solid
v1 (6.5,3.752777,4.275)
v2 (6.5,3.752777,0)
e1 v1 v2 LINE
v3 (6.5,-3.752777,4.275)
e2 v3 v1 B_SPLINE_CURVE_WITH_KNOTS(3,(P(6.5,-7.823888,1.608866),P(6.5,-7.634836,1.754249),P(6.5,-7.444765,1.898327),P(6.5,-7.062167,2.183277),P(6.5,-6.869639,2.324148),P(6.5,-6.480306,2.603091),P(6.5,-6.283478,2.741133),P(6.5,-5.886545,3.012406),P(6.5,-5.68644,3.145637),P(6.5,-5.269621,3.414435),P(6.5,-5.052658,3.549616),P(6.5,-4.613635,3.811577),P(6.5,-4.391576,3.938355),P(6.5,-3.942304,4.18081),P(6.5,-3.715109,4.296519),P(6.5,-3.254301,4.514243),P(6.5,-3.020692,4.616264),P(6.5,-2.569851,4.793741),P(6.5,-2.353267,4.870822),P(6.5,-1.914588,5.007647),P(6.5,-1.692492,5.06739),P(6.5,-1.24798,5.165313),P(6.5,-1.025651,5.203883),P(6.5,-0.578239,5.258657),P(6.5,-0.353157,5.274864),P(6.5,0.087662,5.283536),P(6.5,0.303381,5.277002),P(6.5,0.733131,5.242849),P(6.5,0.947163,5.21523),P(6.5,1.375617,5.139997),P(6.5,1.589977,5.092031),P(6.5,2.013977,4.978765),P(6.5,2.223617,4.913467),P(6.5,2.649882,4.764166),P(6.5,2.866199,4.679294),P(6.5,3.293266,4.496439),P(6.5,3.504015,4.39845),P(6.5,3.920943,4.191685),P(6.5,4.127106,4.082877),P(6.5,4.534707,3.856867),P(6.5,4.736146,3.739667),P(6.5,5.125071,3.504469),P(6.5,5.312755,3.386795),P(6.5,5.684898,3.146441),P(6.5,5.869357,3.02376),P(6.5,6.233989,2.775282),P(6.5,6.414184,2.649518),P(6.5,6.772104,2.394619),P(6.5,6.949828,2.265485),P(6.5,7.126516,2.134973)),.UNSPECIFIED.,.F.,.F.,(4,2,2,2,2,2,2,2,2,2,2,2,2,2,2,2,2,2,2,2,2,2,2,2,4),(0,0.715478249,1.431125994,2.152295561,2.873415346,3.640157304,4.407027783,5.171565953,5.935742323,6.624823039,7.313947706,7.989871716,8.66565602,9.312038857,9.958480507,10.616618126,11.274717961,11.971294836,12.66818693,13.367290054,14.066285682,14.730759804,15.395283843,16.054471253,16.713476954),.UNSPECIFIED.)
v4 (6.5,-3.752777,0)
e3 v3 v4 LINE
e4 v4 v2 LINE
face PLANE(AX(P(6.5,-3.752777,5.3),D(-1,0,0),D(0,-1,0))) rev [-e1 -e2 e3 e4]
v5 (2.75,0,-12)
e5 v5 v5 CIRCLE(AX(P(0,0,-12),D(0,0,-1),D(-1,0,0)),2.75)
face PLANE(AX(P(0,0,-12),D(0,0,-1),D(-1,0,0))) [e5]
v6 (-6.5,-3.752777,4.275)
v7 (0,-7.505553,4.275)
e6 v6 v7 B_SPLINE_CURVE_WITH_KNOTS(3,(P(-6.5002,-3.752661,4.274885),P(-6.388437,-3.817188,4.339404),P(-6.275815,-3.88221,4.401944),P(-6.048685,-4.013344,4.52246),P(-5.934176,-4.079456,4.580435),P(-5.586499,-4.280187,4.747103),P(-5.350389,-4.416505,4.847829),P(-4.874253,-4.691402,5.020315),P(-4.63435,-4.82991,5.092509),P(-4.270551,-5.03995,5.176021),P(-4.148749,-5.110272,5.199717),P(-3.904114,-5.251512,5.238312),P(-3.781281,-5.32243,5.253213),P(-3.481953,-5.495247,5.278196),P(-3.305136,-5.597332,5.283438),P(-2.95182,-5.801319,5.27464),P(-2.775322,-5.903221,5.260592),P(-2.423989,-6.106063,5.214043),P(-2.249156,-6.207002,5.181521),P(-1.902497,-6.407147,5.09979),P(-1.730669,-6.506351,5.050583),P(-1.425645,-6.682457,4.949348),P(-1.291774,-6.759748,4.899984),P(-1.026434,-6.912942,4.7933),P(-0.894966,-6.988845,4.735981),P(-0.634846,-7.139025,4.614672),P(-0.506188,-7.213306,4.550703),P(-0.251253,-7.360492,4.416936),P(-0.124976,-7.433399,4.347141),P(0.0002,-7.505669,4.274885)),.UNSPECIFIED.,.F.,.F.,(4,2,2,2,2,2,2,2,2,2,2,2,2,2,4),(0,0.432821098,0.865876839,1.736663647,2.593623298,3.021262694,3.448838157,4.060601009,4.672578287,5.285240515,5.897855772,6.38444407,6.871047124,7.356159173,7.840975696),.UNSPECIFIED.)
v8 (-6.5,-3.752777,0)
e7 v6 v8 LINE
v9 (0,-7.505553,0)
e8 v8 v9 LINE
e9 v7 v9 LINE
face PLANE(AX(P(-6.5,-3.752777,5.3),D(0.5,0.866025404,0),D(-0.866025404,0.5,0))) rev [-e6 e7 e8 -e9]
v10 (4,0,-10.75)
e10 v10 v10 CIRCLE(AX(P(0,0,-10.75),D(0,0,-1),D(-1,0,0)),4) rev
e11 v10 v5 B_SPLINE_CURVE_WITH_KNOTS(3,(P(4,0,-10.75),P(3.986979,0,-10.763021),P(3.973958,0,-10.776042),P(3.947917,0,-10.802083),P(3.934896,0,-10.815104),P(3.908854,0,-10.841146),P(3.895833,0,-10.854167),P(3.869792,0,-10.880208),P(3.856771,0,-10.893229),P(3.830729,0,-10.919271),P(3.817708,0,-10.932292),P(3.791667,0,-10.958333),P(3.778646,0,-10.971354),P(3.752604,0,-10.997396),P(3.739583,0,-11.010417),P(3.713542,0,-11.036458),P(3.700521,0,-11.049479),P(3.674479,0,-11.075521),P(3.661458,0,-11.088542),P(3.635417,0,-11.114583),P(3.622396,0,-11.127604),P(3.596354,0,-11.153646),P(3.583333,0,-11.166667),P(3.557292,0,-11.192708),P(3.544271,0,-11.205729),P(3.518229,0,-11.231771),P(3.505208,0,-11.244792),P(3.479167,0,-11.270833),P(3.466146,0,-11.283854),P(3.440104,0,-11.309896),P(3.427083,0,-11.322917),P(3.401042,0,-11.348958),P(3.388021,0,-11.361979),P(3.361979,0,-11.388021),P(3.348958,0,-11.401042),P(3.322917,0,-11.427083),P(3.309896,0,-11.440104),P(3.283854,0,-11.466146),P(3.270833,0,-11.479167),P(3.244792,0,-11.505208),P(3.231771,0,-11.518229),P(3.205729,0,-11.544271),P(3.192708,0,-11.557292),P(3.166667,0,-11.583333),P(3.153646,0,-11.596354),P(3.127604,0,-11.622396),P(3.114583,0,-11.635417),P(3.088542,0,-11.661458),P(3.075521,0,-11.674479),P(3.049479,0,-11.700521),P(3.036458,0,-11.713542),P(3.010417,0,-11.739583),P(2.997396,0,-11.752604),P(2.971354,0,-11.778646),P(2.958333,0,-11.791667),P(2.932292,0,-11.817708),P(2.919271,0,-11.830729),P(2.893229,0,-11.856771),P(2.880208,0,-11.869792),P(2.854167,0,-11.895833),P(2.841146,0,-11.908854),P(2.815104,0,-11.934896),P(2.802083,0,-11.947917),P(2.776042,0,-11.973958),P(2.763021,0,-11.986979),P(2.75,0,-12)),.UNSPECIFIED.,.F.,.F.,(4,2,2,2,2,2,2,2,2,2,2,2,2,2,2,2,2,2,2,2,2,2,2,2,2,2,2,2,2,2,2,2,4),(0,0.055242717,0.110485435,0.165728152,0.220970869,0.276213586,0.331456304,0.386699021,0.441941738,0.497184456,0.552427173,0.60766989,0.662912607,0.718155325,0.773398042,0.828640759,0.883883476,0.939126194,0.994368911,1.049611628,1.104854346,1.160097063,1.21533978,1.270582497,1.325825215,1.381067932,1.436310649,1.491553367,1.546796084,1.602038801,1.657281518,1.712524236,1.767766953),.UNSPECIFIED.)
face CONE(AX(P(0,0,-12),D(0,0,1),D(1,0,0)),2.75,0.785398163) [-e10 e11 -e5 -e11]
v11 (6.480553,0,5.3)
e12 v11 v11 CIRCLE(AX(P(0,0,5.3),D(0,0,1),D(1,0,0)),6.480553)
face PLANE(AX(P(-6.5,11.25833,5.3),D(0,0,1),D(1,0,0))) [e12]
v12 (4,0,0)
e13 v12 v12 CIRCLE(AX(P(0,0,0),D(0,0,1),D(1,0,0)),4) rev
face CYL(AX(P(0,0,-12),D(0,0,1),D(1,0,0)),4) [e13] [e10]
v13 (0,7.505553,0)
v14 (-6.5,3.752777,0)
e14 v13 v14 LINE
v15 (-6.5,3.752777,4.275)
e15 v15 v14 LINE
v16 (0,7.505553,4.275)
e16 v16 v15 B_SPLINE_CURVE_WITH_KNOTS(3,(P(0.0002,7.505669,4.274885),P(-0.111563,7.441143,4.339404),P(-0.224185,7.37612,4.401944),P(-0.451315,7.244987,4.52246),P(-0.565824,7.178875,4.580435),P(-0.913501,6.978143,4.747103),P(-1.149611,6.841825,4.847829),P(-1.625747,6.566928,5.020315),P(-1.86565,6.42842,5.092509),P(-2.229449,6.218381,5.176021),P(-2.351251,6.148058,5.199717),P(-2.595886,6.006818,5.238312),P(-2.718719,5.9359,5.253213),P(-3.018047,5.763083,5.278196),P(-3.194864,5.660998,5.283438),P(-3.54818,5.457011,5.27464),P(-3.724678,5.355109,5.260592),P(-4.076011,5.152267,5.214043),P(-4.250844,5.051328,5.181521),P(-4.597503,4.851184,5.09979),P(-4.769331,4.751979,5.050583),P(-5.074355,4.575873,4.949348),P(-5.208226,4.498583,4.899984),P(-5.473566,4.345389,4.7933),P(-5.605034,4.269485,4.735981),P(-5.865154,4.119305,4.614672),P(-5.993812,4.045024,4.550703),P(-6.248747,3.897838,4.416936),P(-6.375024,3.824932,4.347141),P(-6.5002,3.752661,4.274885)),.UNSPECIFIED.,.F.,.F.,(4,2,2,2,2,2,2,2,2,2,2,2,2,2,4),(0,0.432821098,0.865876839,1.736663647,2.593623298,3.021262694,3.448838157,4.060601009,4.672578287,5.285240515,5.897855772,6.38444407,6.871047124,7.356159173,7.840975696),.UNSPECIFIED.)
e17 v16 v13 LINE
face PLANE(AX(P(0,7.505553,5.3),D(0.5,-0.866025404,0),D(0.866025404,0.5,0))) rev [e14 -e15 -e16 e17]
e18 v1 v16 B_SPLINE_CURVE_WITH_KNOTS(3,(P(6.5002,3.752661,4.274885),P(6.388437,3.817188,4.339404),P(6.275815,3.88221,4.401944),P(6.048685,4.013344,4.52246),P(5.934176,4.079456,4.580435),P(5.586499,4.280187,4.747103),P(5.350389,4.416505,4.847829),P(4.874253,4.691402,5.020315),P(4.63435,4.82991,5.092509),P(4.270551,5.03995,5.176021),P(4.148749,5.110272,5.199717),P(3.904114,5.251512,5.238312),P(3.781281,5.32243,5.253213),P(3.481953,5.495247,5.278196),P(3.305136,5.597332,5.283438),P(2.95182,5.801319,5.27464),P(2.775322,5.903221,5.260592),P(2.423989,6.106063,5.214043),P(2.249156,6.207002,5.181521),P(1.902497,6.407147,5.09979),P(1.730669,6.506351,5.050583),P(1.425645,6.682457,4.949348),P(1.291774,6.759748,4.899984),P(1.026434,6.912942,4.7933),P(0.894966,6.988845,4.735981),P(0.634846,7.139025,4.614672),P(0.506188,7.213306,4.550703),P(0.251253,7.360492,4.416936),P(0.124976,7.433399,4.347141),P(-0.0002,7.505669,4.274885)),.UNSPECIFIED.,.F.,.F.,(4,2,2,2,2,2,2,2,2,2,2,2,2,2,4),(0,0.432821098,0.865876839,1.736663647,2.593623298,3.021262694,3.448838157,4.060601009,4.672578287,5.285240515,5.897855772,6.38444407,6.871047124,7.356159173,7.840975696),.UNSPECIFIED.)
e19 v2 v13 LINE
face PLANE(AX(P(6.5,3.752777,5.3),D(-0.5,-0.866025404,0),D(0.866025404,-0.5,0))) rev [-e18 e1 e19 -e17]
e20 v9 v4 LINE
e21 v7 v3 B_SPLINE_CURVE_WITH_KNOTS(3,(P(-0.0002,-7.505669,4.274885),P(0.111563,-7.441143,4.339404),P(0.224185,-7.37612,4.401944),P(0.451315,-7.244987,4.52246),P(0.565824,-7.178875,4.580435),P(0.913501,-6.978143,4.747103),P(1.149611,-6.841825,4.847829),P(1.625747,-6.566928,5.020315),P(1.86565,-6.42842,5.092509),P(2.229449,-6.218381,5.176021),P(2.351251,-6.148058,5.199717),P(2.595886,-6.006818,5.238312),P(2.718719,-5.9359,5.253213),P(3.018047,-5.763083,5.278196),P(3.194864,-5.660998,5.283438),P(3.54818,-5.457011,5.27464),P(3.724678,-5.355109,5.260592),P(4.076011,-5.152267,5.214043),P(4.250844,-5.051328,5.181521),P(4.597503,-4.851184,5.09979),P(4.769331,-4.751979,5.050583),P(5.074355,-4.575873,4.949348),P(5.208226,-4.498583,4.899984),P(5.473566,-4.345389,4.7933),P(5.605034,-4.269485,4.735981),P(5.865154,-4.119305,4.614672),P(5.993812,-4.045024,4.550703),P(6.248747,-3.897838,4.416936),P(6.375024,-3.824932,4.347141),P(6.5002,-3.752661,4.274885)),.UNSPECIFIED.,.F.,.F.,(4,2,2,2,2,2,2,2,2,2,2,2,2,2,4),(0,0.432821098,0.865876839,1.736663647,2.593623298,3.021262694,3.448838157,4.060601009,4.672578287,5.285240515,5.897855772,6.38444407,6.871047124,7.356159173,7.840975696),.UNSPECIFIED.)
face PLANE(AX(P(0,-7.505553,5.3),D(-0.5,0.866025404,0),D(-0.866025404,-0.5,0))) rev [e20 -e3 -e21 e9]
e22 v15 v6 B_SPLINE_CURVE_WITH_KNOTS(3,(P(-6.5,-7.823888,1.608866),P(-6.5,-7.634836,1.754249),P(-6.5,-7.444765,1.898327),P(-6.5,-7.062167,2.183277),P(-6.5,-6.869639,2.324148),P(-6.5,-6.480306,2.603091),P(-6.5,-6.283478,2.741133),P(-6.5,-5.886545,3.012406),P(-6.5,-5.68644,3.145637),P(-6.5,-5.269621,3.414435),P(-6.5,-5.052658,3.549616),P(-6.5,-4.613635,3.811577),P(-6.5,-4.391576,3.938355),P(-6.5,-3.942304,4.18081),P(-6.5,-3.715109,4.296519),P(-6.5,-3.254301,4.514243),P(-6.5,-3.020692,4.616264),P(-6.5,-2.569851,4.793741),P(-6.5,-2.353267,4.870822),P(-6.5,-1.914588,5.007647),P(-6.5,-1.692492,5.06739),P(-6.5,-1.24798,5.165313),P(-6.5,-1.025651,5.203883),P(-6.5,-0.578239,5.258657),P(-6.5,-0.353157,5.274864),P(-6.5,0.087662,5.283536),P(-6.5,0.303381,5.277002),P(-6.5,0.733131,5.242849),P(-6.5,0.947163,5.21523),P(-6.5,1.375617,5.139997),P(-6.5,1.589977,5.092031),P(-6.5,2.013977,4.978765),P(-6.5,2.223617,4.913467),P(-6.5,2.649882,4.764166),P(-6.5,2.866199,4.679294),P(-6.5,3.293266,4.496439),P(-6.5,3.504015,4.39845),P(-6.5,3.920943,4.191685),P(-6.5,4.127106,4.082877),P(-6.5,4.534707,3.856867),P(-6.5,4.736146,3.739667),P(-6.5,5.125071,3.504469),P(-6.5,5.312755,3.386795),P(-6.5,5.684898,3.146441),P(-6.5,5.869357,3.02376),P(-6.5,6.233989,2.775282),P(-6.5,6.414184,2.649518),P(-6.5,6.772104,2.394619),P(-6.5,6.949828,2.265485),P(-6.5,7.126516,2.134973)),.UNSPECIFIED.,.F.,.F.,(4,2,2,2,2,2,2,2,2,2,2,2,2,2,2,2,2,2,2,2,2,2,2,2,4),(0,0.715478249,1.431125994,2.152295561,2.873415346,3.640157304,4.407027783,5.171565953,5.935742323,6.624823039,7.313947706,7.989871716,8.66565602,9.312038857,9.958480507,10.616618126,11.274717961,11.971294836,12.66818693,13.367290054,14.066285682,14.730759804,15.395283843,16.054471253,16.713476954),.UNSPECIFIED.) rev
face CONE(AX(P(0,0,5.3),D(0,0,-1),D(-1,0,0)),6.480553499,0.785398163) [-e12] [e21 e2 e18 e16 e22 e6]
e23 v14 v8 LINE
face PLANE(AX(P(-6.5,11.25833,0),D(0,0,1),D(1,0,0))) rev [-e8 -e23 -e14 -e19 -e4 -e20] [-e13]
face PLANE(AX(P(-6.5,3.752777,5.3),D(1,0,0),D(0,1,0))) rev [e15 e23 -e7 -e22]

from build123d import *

# Parameters (mm, degrees)
EXTRUDE_1_DEPTH = 5.3
SKETCH_2_R      = 4
EXTRUDE_2_DEPTH = 12
CHAMFER_1_SIZE  = 1.25


with BuildPart() as part:
    # Эскиз1 → Вытянуть1 (new body)
    with BuildSketch(Plane.XY):
        Polygon((0, 7.505553499), (-6.5, 3.75277675), (-6.5, -3.75277675), (0, -7.505553499), (6.5, -3.75277675), (6.5, 3.75277675), align=None)
    extrude(amount=EXTRUDE_1_DEPTH)

    # Эскиз2 → Вытянуть2 (add)
    with BuildSketch(Plane(origin=(0, 0, 0), x_dir=(-1, 0, 0), z_dir=(0, 0, -1))):
        with Locations(Location((0, 0, 0), (0, 0, 180))):
            Circle(SKETCH_2_R)
    extrude(amount=EXTRUDE_2_DEPTH)

    # Эскиз15 → Вырез-Повернуть1 (revolve, cut)
    with BuildSketch(Plane(origin=(0, 0, 0), x_dir=(0, 0, -1), z_dir=(1, 0, 0)), mode=Mode.PRIVATE) as cut_revolve_1_sk:
        Polygon((-5.3, 7.505553499), (-5.3, 6.480553499), (-4.275, 7.505553499), align=None)
    revolve(cut_revolve_1_sk.sketch.rotate(Axis((0, 0, 0.465296569), (0, 0, -1)), 300.000000073), axis=Axis((0, 0, 0.465296569), (0, 0, -1)), mode=Mode.SUBTRACT)

    # Фаска1
    chamfer_1_edges = [part.edges().sort_by_distance(p)[0] for p in [
        (-4, 0, -12),
    ]]
    chamfer(chamfer_1_edges, length=CHAMFER_1_SIZE)


solid = part.part
